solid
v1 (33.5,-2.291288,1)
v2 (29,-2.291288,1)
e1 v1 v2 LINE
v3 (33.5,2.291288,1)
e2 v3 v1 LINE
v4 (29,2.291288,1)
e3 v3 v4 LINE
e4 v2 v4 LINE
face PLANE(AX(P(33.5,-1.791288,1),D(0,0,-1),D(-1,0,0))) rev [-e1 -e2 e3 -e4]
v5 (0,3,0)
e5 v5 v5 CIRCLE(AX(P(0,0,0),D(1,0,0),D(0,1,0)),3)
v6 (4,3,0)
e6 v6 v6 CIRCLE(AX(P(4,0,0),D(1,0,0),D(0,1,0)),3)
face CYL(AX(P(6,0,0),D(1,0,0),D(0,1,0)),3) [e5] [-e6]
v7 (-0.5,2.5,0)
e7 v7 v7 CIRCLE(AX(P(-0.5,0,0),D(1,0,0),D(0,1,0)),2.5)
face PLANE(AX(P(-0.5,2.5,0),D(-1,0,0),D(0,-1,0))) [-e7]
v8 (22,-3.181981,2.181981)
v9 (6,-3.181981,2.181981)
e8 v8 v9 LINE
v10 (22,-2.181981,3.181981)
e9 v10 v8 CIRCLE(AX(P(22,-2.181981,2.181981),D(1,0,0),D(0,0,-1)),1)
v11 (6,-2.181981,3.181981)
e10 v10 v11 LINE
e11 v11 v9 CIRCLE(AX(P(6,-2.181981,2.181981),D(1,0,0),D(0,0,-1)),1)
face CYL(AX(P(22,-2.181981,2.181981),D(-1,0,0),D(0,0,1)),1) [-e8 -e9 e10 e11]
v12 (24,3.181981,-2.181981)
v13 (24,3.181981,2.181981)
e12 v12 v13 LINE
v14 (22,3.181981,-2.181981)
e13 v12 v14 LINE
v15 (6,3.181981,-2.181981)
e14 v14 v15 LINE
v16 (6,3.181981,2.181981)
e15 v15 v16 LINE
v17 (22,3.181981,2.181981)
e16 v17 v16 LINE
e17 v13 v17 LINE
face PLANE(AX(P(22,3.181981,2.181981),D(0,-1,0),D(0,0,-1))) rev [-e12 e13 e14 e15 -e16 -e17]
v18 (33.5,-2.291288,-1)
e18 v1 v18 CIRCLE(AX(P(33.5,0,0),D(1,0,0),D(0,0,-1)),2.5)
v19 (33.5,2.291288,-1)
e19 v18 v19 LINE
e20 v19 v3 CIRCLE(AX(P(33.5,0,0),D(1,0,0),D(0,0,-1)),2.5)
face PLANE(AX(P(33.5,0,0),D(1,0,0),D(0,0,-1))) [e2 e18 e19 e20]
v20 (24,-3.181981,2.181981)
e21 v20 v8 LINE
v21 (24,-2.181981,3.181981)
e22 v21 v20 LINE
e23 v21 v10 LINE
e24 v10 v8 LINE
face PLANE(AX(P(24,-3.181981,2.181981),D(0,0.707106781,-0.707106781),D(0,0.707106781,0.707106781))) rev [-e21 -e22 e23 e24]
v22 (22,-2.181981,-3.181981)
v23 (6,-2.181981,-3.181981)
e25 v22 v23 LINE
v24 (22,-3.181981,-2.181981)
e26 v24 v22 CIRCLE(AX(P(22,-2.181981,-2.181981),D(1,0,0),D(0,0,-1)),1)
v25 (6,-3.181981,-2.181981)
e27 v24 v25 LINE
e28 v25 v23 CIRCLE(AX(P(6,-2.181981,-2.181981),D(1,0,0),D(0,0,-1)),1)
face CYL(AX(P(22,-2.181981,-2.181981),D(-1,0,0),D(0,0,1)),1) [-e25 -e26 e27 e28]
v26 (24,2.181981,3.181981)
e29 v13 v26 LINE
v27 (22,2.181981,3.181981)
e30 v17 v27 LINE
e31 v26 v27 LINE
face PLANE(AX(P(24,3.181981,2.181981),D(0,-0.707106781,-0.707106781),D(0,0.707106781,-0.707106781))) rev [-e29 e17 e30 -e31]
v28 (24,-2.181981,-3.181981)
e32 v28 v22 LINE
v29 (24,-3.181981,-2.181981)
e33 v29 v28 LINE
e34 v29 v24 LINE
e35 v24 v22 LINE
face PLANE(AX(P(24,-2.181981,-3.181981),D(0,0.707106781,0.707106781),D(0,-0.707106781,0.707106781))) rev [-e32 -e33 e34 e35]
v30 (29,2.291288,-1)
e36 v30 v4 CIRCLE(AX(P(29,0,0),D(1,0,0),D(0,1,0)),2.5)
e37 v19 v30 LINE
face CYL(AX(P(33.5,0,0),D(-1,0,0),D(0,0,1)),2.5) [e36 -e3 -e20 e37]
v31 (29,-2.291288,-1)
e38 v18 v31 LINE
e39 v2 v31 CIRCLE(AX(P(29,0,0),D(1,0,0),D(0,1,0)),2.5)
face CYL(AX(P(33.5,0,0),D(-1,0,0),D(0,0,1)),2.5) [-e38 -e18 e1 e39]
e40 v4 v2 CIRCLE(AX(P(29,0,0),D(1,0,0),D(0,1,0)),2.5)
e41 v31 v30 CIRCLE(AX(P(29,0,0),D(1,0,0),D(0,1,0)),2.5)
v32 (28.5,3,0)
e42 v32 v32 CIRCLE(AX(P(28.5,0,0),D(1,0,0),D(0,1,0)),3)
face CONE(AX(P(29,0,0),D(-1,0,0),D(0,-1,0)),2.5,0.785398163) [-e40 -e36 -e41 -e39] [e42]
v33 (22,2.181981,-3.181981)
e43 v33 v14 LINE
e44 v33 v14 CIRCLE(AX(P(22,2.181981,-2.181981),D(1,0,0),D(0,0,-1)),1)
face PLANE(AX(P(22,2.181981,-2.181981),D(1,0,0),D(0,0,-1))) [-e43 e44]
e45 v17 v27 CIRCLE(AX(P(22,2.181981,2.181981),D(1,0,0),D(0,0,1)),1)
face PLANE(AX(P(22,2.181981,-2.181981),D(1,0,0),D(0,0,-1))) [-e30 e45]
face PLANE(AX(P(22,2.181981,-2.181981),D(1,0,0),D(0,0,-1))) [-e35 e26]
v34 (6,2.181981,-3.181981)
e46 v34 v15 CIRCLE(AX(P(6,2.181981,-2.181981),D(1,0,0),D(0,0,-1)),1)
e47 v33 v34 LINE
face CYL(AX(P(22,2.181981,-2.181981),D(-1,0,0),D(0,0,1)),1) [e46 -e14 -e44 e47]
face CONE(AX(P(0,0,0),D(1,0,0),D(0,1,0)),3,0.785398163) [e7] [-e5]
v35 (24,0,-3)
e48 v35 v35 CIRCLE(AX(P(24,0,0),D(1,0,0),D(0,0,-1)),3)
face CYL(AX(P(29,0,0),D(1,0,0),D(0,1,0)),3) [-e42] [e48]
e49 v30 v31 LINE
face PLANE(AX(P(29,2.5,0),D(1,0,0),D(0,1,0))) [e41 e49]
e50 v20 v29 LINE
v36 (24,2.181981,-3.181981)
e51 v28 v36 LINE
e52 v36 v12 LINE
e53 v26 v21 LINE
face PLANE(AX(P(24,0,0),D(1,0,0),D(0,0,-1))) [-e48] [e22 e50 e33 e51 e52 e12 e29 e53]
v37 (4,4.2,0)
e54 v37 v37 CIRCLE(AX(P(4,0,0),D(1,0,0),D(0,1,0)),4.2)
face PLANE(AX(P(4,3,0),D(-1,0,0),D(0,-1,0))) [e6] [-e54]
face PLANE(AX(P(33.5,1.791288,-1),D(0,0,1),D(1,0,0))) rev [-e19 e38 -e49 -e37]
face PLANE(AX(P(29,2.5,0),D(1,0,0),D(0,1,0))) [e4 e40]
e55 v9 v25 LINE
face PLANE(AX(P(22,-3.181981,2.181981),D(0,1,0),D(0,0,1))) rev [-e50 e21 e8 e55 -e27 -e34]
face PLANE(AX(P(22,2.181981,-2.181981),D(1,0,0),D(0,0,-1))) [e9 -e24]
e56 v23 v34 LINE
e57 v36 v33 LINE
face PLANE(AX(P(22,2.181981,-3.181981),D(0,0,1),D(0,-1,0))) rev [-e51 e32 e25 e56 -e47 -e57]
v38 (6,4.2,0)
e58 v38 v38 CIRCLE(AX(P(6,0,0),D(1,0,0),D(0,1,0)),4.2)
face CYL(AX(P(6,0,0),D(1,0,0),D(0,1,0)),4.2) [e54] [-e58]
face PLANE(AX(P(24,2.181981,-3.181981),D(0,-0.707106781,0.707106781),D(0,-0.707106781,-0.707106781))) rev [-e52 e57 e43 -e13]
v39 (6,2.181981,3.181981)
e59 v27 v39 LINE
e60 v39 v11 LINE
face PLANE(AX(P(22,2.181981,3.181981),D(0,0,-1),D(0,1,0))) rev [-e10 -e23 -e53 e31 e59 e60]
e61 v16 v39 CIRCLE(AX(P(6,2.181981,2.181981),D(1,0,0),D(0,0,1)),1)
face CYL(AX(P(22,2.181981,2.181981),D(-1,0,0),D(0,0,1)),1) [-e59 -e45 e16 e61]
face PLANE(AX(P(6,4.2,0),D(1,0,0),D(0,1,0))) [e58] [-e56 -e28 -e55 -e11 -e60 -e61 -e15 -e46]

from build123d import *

# Parameters (mm, degrees)
EXTRUDE_1_DEPTH = 16
EXTRUDE_2_DEPTH = 2
EXTRUDE_3_DEPTH = 5


with BuildPart() as part:
    # 草图1 → 旋转1 (revolve)
    with BuildSketch(Plane.XY):
        Polygon((0, 3), (4, 3), (4, 4.2), (6, 4.2), (6, 0), (0, 0), (-0.5, 0), (-0.5, 2.5), align=None)
    revolve(axis=Axis((6, 0, 0), (-1, 0, 0)))

    # 草图2 → 凸台-拉伸1 (add)
    with BuildSketch(Plane(origin=(6, 0, 0), x_dir=(0, 0, -1), z_dir=(1, 0, 0))):
        with BuildLine():
            Line((-2.181980515, 3.181980515), (2.181980515, 3.181980515))
            ThreePointArc((2.181980515, 3.181980515), (2.889087297, 2.889087297), (3.181980515, 2.181980515))
            Line((3.181980515, 2.181980515), (3.181980515, -2.181980515))
            ThreePointArc((3.181980515, -2.181980515), (2.889087297, -2.889087297), (2.181980515, -3.181980515))
            Line((2.181980515, -3.181980515), (-2.181980515, -3.181980515))
            ThreePointArc((-2.181980515, -3.181980515), (-2.889087297, -2.889087297), (-3.181980515, -2.181980515))
            Line((-3.181980515, -2.181980515), (-3.181980515, 2.181980515))
            ThreePointArc((-3.181980515, 2.181980515), (-2.889087297, 2.889087297), (-2.181980515, 3.181980515))
        make_face()
    extrude(amount=EXTRUDE_1_DEPTH)

    # 草图3 → 凸台-拉伸2 (add)
    with BuildSketch(Plane(origin=(22, 0, 0), x_dir=(0, 0, -1), z_dir=(1, 0, 0))):
        Polygon((3.181980515, 2.181980515), (2.181980515, 3.181980515), (-2.181980515, 3.181980515), (-3.181980515, 2.181980515), (-3.181980515, -2.181980515), (-2.181980515, -3.181980515), (2.181980515, -3.181980515), (3.181980515, -2.181980515), align=None)
    extrude(amount=EXTRUDE_2_DEPTH)

    # 草图4 → 旋转2 (revolve)
    with BuildSketch(Plane.XY):
        Polygon((28.5, 3), (29, 2.5), (29, 0), (24, 0), (24, 3), align=None)
    revolve(axis=Axis((29, 0, 0), (-1, 0, 0)))

    # 草图5 → 凸台-拉伸3 (add)
    with BuildSketch(Plane(origin=(28.5, 0, 0), x_dir=(0, 0, -1), z_dir=(1, 0, 0))):
        with BuildLine():
            Line((-1, -1.791287847), (-1, -2.291287847))
            ThreePointArc((-1, -2.291287847), (0, -2.5), (1, -2.291287847))
            Line((1, -2.291287847), (1, -1.791287847))
            Line((1, -1.791287847), (1, 1.791287847))
            Line((1, 1.791287847), (1, 2.291287847))
            ThreePointArc((1, 2.291287847), (0, 2.5), (-1, 2.291287847))
            Line((-1, 2.291287847), (-1, 1.791287847))
            Line((-1, 1.791287847), (-1, -1.791287847))
        make_face()
    extrude(amount=EXTRUDE_3_DEPTH)


solid = part.part
